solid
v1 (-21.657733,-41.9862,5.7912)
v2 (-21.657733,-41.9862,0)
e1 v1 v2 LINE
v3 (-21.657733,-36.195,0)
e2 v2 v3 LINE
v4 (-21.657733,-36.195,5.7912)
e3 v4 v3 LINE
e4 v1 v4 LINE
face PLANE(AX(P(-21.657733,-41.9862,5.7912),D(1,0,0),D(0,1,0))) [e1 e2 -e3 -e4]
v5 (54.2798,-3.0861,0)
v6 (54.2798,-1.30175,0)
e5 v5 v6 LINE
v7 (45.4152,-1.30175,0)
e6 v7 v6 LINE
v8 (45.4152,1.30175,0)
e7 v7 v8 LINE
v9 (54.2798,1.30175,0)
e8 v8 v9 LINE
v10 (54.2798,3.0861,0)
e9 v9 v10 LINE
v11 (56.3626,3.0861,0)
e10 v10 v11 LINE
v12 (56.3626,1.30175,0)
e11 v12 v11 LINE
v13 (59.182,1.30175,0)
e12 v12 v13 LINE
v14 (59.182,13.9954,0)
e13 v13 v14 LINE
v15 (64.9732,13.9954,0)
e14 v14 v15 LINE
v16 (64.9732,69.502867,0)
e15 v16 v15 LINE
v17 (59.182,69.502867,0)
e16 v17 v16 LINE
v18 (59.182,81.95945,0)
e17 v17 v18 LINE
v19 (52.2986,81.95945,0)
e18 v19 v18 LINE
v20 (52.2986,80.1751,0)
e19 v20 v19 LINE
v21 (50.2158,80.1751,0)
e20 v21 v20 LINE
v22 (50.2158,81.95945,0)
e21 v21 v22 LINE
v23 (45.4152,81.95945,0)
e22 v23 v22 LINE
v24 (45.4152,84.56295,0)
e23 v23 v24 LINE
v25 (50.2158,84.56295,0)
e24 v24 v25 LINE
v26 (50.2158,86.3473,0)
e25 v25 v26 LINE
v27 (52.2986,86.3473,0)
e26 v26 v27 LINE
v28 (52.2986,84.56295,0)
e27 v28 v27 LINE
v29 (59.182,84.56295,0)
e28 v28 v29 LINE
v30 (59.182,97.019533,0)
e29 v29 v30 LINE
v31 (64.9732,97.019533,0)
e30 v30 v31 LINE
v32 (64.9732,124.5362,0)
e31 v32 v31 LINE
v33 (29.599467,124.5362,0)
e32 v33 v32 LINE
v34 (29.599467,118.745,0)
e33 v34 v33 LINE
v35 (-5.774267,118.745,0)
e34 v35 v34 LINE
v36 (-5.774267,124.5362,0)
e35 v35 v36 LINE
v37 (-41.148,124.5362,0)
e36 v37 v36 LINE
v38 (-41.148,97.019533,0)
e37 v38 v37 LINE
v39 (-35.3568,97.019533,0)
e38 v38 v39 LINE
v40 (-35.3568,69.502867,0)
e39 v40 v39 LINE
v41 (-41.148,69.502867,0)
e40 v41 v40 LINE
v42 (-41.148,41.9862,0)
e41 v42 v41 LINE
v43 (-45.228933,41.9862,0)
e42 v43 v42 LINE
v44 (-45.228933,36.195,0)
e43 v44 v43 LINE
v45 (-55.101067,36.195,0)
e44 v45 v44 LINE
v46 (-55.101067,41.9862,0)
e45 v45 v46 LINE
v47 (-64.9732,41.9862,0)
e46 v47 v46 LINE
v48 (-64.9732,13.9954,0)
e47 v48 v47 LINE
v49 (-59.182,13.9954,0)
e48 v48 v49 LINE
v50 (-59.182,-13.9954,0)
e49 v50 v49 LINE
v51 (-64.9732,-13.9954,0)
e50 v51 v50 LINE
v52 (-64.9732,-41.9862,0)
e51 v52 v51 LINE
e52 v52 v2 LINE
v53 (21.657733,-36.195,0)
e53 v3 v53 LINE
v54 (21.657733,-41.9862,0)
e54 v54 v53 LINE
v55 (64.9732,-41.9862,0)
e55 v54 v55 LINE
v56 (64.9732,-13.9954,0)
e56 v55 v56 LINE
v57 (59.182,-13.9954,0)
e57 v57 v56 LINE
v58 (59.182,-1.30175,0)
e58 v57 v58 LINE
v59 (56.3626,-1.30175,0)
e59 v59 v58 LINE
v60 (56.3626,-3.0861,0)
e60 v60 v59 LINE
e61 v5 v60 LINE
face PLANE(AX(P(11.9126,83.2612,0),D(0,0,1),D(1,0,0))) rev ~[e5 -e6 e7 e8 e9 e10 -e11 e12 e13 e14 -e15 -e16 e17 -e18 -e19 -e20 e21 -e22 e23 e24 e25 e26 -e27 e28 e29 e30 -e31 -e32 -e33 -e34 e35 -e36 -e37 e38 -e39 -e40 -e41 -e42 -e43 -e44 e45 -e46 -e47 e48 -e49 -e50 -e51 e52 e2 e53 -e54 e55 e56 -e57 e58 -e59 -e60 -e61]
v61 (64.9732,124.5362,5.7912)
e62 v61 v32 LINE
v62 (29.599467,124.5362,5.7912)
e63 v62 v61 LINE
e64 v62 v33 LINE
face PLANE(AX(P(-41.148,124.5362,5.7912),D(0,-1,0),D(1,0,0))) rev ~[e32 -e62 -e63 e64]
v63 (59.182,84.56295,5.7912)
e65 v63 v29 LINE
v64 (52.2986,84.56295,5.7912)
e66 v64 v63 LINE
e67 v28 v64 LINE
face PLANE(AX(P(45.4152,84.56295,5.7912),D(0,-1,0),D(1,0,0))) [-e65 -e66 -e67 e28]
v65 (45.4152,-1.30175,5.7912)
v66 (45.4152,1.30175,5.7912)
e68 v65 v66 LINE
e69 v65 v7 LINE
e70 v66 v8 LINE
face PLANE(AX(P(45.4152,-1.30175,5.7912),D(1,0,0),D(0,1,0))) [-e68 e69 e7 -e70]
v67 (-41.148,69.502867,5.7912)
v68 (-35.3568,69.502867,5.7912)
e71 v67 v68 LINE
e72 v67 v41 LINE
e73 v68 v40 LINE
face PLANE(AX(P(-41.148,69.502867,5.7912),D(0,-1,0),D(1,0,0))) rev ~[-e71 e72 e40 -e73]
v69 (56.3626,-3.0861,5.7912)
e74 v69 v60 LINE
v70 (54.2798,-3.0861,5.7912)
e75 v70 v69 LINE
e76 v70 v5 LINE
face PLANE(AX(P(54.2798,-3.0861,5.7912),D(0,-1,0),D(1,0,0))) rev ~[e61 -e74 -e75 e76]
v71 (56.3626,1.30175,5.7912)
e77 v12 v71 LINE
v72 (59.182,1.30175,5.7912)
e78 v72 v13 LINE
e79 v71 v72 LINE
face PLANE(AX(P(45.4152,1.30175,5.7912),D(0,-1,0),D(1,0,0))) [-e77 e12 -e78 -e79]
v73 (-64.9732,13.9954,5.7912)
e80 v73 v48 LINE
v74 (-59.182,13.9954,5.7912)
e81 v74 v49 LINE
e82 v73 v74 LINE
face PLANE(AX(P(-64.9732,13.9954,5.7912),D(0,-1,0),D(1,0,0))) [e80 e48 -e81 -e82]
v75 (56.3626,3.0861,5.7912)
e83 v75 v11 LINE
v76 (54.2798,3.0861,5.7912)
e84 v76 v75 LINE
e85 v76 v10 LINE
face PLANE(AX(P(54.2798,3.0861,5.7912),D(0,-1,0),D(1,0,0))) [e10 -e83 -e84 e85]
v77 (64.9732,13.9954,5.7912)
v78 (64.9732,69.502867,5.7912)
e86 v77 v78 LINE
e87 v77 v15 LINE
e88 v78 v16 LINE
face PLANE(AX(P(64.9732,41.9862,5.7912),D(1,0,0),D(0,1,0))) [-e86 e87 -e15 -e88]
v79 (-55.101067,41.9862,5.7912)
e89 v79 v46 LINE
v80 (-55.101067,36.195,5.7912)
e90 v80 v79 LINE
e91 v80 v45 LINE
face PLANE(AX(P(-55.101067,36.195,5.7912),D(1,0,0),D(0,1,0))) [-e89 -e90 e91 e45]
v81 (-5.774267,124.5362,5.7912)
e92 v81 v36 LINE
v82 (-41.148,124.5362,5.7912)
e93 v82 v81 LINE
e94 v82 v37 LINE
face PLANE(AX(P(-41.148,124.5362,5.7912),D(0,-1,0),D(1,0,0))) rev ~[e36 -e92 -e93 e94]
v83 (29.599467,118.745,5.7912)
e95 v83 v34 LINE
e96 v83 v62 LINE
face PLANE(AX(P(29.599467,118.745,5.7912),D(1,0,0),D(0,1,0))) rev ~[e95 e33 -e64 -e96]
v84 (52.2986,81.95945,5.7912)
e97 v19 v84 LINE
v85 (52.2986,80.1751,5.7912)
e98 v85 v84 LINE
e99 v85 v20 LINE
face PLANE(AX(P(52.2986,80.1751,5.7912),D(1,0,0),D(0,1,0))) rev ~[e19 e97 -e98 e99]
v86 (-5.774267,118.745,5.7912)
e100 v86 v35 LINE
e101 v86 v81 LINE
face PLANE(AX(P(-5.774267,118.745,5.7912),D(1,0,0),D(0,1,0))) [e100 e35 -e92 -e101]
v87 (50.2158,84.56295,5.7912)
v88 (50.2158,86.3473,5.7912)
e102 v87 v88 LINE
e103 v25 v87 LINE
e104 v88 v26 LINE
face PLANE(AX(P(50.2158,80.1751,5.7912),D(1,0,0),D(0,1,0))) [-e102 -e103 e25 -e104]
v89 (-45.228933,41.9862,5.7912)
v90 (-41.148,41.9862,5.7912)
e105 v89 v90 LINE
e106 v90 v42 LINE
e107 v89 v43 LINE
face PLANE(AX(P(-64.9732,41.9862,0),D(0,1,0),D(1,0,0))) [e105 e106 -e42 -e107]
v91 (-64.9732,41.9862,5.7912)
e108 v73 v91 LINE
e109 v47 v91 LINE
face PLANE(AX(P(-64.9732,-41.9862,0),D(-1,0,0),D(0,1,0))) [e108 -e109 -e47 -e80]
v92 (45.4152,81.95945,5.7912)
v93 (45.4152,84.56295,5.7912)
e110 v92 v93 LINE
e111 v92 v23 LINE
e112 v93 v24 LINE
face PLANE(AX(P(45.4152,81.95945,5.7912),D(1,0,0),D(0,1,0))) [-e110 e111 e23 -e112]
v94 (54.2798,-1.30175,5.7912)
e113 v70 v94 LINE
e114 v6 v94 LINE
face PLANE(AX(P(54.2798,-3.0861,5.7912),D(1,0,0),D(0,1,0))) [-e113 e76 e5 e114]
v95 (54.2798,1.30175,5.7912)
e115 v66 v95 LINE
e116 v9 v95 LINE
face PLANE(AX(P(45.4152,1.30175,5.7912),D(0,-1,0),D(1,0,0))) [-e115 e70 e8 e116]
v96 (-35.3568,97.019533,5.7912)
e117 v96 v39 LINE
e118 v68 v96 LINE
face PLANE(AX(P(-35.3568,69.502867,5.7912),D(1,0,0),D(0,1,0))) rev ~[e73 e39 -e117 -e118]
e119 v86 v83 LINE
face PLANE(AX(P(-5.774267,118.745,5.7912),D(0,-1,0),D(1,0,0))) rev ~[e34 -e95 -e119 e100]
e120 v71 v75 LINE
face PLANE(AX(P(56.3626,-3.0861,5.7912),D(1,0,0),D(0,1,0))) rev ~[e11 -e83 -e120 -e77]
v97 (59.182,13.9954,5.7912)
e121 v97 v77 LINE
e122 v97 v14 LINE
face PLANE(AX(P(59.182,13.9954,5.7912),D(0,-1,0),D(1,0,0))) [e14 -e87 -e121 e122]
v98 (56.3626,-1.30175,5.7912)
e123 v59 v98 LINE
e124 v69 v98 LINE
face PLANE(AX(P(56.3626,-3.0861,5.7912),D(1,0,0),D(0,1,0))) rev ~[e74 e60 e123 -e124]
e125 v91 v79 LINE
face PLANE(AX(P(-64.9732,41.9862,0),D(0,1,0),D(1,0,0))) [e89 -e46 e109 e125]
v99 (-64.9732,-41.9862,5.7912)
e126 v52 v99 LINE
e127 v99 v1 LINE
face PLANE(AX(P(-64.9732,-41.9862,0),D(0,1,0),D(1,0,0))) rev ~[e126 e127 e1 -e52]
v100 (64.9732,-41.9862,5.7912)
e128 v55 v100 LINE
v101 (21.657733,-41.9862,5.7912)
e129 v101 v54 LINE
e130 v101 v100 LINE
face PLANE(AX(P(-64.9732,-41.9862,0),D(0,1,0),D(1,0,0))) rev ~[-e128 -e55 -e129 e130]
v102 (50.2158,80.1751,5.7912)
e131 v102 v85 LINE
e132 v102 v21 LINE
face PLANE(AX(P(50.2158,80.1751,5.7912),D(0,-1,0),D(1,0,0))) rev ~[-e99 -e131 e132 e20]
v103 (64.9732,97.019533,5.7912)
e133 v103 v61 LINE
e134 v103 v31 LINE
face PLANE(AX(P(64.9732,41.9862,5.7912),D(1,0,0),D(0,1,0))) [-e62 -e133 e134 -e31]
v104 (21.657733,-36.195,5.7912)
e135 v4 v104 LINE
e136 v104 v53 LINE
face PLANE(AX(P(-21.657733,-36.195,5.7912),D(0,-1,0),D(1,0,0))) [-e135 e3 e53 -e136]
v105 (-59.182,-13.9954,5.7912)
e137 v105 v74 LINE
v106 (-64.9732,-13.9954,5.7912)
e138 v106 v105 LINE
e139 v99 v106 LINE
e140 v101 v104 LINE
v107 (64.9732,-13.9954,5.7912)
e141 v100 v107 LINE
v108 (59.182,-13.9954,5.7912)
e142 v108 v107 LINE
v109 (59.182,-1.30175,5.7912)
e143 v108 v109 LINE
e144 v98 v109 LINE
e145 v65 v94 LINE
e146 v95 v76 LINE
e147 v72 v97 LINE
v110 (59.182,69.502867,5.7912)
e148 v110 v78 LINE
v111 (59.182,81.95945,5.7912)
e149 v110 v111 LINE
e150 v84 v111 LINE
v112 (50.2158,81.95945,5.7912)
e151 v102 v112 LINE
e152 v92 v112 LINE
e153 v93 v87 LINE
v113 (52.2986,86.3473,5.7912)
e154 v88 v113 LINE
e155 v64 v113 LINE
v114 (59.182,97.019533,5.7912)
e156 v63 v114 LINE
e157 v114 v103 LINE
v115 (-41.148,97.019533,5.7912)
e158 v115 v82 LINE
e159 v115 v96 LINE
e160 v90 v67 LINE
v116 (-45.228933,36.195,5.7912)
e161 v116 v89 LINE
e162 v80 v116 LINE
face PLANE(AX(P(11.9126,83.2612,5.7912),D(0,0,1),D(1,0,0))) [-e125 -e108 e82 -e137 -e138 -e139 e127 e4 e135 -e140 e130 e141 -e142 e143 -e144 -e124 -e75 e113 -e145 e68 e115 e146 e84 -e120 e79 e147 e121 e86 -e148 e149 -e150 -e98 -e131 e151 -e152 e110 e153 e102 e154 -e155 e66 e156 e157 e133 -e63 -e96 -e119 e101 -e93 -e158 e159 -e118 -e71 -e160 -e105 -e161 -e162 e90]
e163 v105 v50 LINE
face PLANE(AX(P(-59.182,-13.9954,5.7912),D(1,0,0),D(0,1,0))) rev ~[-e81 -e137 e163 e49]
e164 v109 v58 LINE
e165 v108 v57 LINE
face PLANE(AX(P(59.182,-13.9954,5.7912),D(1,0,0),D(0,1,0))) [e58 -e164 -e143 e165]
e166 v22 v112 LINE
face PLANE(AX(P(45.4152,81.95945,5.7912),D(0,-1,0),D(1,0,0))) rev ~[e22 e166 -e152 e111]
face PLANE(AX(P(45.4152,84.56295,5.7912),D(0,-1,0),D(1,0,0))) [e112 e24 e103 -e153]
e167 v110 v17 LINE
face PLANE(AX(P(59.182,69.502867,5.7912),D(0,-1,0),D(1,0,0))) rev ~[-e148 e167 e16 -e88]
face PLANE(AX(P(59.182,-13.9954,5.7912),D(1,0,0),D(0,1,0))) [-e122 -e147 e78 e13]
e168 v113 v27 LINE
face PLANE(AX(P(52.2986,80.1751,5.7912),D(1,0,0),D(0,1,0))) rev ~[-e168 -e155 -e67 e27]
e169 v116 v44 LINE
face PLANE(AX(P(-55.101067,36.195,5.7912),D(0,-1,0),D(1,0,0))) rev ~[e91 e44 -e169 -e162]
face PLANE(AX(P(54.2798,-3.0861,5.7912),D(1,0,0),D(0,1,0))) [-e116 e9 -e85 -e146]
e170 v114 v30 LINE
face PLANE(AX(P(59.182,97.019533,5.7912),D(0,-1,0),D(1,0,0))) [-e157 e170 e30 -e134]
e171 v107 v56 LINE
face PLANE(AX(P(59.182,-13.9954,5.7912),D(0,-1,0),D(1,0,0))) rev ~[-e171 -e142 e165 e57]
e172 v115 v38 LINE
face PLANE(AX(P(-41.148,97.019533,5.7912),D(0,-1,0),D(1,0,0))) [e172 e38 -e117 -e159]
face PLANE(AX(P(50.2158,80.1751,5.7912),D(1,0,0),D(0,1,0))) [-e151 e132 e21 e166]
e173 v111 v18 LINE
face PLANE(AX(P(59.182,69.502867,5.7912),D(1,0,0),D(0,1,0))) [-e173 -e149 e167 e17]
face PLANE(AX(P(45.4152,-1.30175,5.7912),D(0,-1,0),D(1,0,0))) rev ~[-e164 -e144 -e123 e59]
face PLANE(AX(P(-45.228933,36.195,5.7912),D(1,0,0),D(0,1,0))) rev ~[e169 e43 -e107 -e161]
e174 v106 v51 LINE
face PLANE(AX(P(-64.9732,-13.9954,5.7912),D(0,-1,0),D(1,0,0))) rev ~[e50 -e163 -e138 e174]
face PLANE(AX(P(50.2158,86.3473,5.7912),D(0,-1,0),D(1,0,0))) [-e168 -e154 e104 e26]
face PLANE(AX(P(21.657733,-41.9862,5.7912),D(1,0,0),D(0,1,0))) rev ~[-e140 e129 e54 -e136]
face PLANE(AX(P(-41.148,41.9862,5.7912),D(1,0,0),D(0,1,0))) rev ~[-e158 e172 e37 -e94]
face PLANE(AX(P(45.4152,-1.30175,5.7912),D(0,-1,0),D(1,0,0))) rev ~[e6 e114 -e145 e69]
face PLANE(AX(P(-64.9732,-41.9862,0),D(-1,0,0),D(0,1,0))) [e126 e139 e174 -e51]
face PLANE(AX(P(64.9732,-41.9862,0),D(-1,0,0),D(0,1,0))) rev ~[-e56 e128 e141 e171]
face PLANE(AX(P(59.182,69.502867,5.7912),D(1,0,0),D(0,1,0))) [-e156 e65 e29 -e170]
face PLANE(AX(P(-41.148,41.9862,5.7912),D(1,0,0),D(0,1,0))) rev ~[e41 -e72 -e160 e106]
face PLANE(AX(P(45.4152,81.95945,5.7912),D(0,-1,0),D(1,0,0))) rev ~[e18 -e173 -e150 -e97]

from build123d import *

# Parameters (mm, degrees)
SKETCH1_W           = 129.9464
SKETCH1_H           = 83.9724
BOSS_EXTRUDE1_DEPTH = 5.7912
SKETCH2_W           = 9.872133334
SKETCH2_H           = 5.7912
CUT_EXTRUDE1_DEPTH  = 6.7912
SKETCH3_W           = 5.7912
SKETCH3_H           = 27.9908
CUT_EXTRUDE2_DEPTH  = 6.7912
SKETCH4_W           = 13.7668
SKETCH4_H           = 2.6035
CUT_EXTRUDE3_DEPTH  = 6.7912
SKETCH6_W           = 2.0828
SKETCH6_H           = 6.1722
CUT_EXTRUDE5_DEPTH  = 6.7912
SKETCH7_W           = 106.1212
SKETCH7_H           = 82.55
BOSS_EXTRUDE2_DEPTH = 5.7912
SKETCH8_W           = 43.315466666
SKETCH8_H           = 5.7912
CUT_EXTRUDE6_DEPTH  = 6.7912
SKETCH12_W          = 5.7912
SKETCH12_H          = 27.516666666
CUT_EXTRUDE9_DEPTH  = 6.7912
SKETCH13_W          = 13.7668
SKETCH13_H          = 2.6035
CUT_EXTRUDE10_DEPTH = 6.7912
SKETCH14_W          = 2.0828
SKETCH14_H          = 6.1722
CUT_EXTRUDE11_DEPTH = 6.7912
SKETCH15_W          = 35.373733334
SKETCH15_H          = 5.7912
CUT_EXTRUDE12_DEPTH = 6.7912


with BuildPart() as part:
    # Sketch1 → Boss-Extrude1 (new body)
    with BuildSketch(Plane.XY):
        Rectangle(SKETCH1_W, SKETCH1_H)
    extrude(amount=BOSS_EXTRUDE1_DEPTH)

    # Sketch2 → Cut-Extrude1 (cut, through all)
    with BuildSketch(Plane.XY.offset(5.7912)):
        with Locations((-50.165, 39.0906)):
            Rectangle(SKETCH2_W, SKETCH2_H)
    extrude(amount=-CUT_EXTRUDE1_DEPTH, mode=Mode.SUBTRACT)

    # Sketch3 → Cut-Extrude2 (cut, through all)
    with BuildSketch(Plane.XY.offset(5.7912)):
        with Locations((-62.0776, 0)):
            Rectangle(SKETCH3_W, SKETCH3_H)
        with Locations((62.0776, 0)):
            Rectangle(SKETCH3_W, SKETCH3_H)
    extrude(amount=-CUT_EXTRUDE2_DEPTH, mode=Mode.SUBTRACT)

    # Sketch4 → Cut-Extrude3 (cut, through all)
    with BuildSketch(Plane.XY.offset(5.7912)):
        with Locations((52.2986, 0)):
            Rectangle(SKETCH4_W, SKETCH4_H)
    extrude(amount=-CUT_EXTRUDE3_DEPTH, mode=Mode.SUBTRACT)

    # Sketch6 → Cut-Extrude5 (cut, through all)
    with BuildSketch(Plane.XY.offset(5.7912)):
        with Locations((55.3212, 0)):
            Rectangle(SKETCH6_W, SKETCH6_H)
    extrude(amount=-CUT_EXTRUDE5_DEPTH, mode=Mode.SUBTRACT)

    # Sketch7 → Boss-Extrude2 (add)
    with BuildSketch(Plane.XY.offset(5.7912)):
        with Locations((11.9126, 83.2612)):
            Rectangle(SKETCH7_W, SKETCH7_H)
    extrude(amount=-BOSS_EXTRUDE2_DEPTH)

    # Sketch8 → Cut-Extrude6 (cut, through all)
    with BuildSketch(Plane.XY.offset(5.7912)):
        with Locations((0, -39.0906)):
            Rectangle(SKETCH8_W, SKETCH8_H)
    extrude(amount=-CUT_EXTRUDE6_DEPTH, mode=Mode.SUBTRACT)

    # Sketch12 → Cut-Extrude9 (cut, through all)
    with BuildSketch(Plane.XY.offset(5.7912)):
        with Locations((62.0776, 83.2612)):
            Rectangle(SKETCH12_W, SKETCH12_H)
        with Locations((-38.2524, 83.2612)):
            Rectangle(SKETCH12_W, SKETCH12_H)
    extrude(amount=-CUT_EXTRUDE9_DEPTH, mode=Mode.SUBTRACT)

    # Sketch13 → Cut-Extrude10 (cut, through all)
    with BuildSketch(Plane.XY.offset(5.7912)):
        with Locations((52.2986, 83.2612)):
            Rectangle(SKETCH13_W, SKETCH13_H)
    extrude(amount=-CUT_EXTRUDE10_DEPTH, mode=Mode.SUBTRACT)

    # Sketch14 → Cut-Extrude11 (cut, through all)
    with BuildSketch(Plane.XY.offset(5.7912)):
        with Locations((51.2572, 83.2612)):
            Rectangle(SKETCH14_W, SKETCH14_H)
    extrude(amount=-CUT_EXTRUDE11_DEPTH, mode=Mode.SUBTRACT)

    # Sketch15 → Cut-Extrude12 (cut, through all)
    with BuildSketch(Plane.XY.offset(5.7912)):
        with Locations((11.9126, 121.6406)):
            Rectangle(SKETCH15_W, SKETCH15_H)
    extrude(amount=-CUT_EXTRUDE12_DEPTH, mode=Mode.SUBTRACT)


solid = part.part
